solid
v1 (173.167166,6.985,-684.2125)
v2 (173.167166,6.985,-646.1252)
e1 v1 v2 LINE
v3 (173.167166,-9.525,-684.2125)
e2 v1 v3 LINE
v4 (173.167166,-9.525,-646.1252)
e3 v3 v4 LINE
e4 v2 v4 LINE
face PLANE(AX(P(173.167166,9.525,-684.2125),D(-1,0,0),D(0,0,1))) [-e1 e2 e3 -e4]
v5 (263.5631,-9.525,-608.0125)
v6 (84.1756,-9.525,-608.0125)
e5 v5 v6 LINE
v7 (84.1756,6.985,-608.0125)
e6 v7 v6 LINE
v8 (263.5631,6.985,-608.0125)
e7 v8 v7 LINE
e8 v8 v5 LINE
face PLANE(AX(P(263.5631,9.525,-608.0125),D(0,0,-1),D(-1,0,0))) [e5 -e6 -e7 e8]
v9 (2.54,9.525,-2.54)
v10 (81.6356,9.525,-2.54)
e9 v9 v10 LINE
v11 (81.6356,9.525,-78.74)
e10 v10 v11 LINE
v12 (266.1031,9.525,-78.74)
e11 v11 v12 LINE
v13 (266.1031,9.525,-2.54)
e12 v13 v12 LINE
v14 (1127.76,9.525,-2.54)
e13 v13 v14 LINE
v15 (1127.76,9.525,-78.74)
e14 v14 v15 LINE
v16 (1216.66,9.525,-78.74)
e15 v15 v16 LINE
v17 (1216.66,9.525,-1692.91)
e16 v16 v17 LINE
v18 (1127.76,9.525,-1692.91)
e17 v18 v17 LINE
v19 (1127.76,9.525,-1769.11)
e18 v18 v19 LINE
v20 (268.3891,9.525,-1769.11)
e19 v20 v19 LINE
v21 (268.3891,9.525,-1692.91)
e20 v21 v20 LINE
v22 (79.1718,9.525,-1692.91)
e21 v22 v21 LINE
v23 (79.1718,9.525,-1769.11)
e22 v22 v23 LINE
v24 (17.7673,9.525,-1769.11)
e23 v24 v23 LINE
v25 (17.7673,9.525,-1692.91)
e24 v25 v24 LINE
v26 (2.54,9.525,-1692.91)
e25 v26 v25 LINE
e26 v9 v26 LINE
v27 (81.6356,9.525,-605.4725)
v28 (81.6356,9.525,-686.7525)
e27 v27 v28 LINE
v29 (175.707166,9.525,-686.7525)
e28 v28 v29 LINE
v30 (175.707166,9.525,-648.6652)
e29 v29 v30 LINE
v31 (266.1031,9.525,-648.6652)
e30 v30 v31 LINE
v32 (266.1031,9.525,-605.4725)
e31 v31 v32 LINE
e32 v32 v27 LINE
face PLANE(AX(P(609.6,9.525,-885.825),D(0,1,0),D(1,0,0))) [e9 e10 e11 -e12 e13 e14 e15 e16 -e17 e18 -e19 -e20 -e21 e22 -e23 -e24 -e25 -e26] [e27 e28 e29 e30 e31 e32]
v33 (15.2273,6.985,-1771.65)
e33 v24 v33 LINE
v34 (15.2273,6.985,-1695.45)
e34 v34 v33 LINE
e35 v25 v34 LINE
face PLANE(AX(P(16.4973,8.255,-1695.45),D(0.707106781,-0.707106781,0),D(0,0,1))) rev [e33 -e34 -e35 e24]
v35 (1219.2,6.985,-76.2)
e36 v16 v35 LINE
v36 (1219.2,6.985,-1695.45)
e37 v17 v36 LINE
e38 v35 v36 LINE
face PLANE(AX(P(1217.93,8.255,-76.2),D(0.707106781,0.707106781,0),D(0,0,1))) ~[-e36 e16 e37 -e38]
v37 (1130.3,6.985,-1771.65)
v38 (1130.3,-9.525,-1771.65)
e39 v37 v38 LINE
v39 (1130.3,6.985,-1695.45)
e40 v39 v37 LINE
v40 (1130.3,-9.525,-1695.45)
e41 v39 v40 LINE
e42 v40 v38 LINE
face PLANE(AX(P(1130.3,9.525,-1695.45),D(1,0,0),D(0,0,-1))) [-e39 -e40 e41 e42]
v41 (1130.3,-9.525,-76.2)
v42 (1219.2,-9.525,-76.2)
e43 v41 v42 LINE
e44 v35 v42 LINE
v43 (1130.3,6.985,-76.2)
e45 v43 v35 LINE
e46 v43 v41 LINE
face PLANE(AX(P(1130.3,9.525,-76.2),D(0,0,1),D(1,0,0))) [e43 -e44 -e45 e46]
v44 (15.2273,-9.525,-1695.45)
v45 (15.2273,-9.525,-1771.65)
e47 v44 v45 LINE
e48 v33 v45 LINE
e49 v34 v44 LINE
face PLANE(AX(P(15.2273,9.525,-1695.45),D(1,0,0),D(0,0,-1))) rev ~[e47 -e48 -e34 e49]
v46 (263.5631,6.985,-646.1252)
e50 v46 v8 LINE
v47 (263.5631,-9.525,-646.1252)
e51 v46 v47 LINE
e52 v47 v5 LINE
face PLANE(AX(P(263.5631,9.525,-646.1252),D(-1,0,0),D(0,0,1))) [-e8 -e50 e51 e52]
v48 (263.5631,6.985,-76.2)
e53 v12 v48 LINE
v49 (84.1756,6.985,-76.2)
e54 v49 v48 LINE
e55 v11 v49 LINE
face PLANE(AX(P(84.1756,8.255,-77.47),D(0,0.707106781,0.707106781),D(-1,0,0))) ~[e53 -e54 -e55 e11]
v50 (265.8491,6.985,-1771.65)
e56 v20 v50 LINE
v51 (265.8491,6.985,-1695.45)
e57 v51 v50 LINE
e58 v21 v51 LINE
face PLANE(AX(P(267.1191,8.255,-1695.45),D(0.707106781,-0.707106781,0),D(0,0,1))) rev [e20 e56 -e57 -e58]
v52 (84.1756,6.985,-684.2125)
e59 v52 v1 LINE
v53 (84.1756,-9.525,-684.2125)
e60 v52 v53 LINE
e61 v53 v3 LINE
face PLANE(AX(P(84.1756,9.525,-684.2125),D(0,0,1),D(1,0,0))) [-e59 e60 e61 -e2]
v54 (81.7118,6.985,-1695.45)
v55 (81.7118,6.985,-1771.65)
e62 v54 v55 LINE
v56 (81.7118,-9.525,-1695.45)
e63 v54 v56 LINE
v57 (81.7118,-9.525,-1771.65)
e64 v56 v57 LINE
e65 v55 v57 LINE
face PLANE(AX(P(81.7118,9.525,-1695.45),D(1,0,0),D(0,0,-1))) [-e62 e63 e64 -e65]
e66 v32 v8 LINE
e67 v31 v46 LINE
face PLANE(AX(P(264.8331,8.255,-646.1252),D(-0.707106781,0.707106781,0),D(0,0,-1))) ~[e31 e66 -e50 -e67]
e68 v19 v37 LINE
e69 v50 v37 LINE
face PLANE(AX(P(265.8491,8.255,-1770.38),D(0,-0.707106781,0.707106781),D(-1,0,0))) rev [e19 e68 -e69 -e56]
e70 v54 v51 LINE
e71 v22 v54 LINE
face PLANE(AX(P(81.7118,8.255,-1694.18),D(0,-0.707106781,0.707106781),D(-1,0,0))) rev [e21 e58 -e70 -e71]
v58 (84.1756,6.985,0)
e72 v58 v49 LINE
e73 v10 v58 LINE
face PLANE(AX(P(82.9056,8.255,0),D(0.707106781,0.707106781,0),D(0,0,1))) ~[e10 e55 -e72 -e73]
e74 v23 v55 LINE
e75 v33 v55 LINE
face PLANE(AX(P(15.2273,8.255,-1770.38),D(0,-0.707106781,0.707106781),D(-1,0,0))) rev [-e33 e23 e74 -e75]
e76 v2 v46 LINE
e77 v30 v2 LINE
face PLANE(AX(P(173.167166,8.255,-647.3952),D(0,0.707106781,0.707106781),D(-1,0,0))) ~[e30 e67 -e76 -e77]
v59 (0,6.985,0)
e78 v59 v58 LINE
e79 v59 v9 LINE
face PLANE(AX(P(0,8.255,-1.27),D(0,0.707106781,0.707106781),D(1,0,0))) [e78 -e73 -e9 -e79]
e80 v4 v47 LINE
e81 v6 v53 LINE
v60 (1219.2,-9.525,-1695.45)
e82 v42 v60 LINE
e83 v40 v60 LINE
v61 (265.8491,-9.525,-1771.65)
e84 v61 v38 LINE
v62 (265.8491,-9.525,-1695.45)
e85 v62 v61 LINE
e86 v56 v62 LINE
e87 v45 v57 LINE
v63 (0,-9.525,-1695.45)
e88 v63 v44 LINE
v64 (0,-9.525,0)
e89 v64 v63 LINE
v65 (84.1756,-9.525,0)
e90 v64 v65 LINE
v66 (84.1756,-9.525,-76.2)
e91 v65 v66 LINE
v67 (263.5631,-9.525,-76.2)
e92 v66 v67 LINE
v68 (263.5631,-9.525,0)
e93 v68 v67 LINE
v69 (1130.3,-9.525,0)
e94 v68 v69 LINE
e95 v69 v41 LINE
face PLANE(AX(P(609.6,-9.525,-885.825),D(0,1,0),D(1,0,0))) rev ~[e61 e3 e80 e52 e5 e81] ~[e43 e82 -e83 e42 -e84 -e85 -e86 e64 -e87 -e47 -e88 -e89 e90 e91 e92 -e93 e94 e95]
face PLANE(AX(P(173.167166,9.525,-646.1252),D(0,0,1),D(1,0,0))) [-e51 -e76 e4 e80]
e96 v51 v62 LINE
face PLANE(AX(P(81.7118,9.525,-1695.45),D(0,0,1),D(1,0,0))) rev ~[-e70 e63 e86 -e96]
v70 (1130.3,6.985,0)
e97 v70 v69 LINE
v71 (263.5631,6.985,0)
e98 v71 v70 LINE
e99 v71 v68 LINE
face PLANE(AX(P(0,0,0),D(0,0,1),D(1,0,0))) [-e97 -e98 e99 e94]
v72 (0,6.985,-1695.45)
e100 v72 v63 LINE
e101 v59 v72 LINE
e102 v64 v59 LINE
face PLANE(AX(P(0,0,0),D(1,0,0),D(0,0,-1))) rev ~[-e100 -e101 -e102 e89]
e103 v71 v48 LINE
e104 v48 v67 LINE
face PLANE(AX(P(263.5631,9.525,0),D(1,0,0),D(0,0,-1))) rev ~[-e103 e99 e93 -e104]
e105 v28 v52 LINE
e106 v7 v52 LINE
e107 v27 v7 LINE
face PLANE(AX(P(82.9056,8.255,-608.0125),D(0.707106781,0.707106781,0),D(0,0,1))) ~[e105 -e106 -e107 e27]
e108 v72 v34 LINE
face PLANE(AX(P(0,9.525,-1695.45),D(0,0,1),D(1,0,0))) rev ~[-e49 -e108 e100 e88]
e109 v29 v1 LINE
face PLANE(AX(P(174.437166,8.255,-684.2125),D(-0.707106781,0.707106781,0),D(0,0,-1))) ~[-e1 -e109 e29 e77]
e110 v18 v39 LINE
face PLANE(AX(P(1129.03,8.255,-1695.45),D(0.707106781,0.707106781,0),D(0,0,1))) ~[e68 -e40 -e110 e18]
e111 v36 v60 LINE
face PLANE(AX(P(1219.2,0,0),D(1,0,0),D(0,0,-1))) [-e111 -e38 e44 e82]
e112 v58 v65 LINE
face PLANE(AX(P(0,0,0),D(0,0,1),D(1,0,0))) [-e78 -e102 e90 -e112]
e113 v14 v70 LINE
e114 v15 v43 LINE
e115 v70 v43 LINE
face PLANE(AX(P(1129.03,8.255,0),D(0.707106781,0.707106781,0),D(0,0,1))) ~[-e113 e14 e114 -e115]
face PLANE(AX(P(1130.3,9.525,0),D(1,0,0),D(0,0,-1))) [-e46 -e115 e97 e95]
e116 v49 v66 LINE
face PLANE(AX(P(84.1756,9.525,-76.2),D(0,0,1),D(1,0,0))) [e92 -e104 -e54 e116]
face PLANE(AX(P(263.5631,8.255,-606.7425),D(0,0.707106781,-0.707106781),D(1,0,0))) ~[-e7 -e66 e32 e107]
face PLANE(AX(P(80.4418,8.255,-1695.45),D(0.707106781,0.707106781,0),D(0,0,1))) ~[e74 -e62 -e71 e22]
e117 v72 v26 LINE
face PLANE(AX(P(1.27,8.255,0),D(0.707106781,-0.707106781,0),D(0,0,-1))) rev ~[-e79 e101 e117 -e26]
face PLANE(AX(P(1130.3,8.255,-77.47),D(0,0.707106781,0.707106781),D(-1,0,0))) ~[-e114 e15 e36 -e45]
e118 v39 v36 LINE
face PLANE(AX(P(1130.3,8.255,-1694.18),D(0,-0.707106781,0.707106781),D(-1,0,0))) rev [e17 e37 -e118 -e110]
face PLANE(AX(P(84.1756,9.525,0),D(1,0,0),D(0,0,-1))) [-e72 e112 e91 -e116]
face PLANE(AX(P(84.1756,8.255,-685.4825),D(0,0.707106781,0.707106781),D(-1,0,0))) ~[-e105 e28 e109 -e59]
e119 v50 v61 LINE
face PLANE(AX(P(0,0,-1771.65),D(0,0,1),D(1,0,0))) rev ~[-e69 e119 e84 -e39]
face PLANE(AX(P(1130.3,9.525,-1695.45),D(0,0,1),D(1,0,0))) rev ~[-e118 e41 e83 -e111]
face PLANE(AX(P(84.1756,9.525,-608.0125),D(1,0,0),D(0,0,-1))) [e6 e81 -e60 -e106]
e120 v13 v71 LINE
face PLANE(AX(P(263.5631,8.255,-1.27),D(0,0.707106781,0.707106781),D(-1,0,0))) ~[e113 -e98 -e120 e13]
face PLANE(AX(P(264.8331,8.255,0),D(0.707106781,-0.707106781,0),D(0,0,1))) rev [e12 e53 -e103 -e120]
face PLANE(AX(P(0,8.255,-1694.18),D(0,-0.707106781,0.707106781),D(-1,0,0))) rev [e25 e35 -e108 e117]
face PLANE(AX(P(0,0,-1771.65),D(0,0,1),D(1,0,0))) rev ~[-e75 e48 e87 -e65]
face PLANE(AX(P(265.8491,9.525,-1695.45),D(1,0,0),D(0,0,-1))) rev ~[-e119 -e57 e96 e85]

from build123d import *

# Parameters (mm, degrees)
SKETCH1_W           = 1219.2
SKETCH1_H           = 1771.65
BOSS_EXTRUDE1_DEPTH = 9.525
SKETCH3_W           = 184.1373
SKETCH3_H           = 76.2
SKETCH3_W_2         = 88.9
SKETCH3_W_3         = 179.3875
SKETCH3_W_4         = 15.2273
CUT_EXTRUDE2_DEPTH  = 20.05
CHAMFER1_SIZE       = 2.54


with BuildPart() as part:
    # Sketch1 → Boss-Extrude1 (new body, symmetric)
    with BuildSketch(Plane(origin=(0, 0, 0), x_dir=(1, 0, 0), z_dir=(0, 1, 0))):
        with Locations((609.6, 885.825)):
            Rectangle(SKETCH1_W, SKETCH1_H)
    extrude(amount=BOSS_EXTRUDE1_DEPTH, both=True)

    # Sketch3 → Cut-Extrude2 (cut, through all)
    with BuildSketch(Plane(origin=(0, 9.525, 0), x_dir=(1, 0, 0), z_dir=(0, 1, 0))):
        with Locations((173.78045, 1733.55)):
            Rectangle(SKETCH3_W, SKETCH3_H)
        with Locations((1174.75, 1733.55)):
            Rectangle(SKETCH3_W_2, SKETCH3_H)
        Polygon((84.1756, 684.212499999), (173.167165563, 684.212499999), (173.167165563, 646.125199999), (263.5631, 646.125199999), (263.5631, 608.012499999), (84.1756, 608.012499999), align=None)
        with Locations((173.86935, 38.1)):
            Rectangle(SKETCH3_W_3, SKETCH3_H)
        with Locations((1174.75, 38.1)):
            Rectangle(SKETCH3_W_2, SKETCH3_H)
        with Locations((7.61365, 1733.55)):
            Rectangle(SKETCH3_W_4, SKETCH3_H)
    extrude(amount=-CUT_EXTRUDE2_DEPTH, mode=Mode.SUBTRACT)

    # Chamfer1
    chamfer1_edges = [part.edges().sort_by_distance(p)[0] for p in [
        (0, 9.525, -847.725),
        (696.93155, 9.525, 0),
        (1219.2, 9.525, -885.825),
        (698.07455, 9.525, -1771.65),
        (48.46955, 9.525, -1771.65),
        (7.61365, 9.525, -1695.45),
        (15.2273, 9.525, -1733.55),
        (1174.75, 9.525, -76.2),
        (1130.3, 9.525, -38.1),
        (263.5631, 9.525, -38.1),
        (173.86935, 9.525, -76.2),
        (84.1756, 9.525, -38.1),
        (84.1756, 9.525, -646.112499999),
        (173.86935, 9.525, -608.012499999),
        (263.5631, 9.525, -627.068849999),
        (218.365132782, 9.525, -646.125199999),
        (173.167165563, 9.525, -665.168849999),
        (128.671382782, 9.525, -684.212499999),
        (1130.3, 9.525, -1733.55),
        (1174.75, 9.525, -1695.45),
        (81.7118, 9.525, -1733.55),
        (173.78045, 9.525, -1695.45),
        (265.8491, 9.525, -1733.55),
        (42.0878, 9.525, 0),
    ]]
    chamfer(chamfer1_edges, length=CHAMFER1_SIZE)


solid = part.part
